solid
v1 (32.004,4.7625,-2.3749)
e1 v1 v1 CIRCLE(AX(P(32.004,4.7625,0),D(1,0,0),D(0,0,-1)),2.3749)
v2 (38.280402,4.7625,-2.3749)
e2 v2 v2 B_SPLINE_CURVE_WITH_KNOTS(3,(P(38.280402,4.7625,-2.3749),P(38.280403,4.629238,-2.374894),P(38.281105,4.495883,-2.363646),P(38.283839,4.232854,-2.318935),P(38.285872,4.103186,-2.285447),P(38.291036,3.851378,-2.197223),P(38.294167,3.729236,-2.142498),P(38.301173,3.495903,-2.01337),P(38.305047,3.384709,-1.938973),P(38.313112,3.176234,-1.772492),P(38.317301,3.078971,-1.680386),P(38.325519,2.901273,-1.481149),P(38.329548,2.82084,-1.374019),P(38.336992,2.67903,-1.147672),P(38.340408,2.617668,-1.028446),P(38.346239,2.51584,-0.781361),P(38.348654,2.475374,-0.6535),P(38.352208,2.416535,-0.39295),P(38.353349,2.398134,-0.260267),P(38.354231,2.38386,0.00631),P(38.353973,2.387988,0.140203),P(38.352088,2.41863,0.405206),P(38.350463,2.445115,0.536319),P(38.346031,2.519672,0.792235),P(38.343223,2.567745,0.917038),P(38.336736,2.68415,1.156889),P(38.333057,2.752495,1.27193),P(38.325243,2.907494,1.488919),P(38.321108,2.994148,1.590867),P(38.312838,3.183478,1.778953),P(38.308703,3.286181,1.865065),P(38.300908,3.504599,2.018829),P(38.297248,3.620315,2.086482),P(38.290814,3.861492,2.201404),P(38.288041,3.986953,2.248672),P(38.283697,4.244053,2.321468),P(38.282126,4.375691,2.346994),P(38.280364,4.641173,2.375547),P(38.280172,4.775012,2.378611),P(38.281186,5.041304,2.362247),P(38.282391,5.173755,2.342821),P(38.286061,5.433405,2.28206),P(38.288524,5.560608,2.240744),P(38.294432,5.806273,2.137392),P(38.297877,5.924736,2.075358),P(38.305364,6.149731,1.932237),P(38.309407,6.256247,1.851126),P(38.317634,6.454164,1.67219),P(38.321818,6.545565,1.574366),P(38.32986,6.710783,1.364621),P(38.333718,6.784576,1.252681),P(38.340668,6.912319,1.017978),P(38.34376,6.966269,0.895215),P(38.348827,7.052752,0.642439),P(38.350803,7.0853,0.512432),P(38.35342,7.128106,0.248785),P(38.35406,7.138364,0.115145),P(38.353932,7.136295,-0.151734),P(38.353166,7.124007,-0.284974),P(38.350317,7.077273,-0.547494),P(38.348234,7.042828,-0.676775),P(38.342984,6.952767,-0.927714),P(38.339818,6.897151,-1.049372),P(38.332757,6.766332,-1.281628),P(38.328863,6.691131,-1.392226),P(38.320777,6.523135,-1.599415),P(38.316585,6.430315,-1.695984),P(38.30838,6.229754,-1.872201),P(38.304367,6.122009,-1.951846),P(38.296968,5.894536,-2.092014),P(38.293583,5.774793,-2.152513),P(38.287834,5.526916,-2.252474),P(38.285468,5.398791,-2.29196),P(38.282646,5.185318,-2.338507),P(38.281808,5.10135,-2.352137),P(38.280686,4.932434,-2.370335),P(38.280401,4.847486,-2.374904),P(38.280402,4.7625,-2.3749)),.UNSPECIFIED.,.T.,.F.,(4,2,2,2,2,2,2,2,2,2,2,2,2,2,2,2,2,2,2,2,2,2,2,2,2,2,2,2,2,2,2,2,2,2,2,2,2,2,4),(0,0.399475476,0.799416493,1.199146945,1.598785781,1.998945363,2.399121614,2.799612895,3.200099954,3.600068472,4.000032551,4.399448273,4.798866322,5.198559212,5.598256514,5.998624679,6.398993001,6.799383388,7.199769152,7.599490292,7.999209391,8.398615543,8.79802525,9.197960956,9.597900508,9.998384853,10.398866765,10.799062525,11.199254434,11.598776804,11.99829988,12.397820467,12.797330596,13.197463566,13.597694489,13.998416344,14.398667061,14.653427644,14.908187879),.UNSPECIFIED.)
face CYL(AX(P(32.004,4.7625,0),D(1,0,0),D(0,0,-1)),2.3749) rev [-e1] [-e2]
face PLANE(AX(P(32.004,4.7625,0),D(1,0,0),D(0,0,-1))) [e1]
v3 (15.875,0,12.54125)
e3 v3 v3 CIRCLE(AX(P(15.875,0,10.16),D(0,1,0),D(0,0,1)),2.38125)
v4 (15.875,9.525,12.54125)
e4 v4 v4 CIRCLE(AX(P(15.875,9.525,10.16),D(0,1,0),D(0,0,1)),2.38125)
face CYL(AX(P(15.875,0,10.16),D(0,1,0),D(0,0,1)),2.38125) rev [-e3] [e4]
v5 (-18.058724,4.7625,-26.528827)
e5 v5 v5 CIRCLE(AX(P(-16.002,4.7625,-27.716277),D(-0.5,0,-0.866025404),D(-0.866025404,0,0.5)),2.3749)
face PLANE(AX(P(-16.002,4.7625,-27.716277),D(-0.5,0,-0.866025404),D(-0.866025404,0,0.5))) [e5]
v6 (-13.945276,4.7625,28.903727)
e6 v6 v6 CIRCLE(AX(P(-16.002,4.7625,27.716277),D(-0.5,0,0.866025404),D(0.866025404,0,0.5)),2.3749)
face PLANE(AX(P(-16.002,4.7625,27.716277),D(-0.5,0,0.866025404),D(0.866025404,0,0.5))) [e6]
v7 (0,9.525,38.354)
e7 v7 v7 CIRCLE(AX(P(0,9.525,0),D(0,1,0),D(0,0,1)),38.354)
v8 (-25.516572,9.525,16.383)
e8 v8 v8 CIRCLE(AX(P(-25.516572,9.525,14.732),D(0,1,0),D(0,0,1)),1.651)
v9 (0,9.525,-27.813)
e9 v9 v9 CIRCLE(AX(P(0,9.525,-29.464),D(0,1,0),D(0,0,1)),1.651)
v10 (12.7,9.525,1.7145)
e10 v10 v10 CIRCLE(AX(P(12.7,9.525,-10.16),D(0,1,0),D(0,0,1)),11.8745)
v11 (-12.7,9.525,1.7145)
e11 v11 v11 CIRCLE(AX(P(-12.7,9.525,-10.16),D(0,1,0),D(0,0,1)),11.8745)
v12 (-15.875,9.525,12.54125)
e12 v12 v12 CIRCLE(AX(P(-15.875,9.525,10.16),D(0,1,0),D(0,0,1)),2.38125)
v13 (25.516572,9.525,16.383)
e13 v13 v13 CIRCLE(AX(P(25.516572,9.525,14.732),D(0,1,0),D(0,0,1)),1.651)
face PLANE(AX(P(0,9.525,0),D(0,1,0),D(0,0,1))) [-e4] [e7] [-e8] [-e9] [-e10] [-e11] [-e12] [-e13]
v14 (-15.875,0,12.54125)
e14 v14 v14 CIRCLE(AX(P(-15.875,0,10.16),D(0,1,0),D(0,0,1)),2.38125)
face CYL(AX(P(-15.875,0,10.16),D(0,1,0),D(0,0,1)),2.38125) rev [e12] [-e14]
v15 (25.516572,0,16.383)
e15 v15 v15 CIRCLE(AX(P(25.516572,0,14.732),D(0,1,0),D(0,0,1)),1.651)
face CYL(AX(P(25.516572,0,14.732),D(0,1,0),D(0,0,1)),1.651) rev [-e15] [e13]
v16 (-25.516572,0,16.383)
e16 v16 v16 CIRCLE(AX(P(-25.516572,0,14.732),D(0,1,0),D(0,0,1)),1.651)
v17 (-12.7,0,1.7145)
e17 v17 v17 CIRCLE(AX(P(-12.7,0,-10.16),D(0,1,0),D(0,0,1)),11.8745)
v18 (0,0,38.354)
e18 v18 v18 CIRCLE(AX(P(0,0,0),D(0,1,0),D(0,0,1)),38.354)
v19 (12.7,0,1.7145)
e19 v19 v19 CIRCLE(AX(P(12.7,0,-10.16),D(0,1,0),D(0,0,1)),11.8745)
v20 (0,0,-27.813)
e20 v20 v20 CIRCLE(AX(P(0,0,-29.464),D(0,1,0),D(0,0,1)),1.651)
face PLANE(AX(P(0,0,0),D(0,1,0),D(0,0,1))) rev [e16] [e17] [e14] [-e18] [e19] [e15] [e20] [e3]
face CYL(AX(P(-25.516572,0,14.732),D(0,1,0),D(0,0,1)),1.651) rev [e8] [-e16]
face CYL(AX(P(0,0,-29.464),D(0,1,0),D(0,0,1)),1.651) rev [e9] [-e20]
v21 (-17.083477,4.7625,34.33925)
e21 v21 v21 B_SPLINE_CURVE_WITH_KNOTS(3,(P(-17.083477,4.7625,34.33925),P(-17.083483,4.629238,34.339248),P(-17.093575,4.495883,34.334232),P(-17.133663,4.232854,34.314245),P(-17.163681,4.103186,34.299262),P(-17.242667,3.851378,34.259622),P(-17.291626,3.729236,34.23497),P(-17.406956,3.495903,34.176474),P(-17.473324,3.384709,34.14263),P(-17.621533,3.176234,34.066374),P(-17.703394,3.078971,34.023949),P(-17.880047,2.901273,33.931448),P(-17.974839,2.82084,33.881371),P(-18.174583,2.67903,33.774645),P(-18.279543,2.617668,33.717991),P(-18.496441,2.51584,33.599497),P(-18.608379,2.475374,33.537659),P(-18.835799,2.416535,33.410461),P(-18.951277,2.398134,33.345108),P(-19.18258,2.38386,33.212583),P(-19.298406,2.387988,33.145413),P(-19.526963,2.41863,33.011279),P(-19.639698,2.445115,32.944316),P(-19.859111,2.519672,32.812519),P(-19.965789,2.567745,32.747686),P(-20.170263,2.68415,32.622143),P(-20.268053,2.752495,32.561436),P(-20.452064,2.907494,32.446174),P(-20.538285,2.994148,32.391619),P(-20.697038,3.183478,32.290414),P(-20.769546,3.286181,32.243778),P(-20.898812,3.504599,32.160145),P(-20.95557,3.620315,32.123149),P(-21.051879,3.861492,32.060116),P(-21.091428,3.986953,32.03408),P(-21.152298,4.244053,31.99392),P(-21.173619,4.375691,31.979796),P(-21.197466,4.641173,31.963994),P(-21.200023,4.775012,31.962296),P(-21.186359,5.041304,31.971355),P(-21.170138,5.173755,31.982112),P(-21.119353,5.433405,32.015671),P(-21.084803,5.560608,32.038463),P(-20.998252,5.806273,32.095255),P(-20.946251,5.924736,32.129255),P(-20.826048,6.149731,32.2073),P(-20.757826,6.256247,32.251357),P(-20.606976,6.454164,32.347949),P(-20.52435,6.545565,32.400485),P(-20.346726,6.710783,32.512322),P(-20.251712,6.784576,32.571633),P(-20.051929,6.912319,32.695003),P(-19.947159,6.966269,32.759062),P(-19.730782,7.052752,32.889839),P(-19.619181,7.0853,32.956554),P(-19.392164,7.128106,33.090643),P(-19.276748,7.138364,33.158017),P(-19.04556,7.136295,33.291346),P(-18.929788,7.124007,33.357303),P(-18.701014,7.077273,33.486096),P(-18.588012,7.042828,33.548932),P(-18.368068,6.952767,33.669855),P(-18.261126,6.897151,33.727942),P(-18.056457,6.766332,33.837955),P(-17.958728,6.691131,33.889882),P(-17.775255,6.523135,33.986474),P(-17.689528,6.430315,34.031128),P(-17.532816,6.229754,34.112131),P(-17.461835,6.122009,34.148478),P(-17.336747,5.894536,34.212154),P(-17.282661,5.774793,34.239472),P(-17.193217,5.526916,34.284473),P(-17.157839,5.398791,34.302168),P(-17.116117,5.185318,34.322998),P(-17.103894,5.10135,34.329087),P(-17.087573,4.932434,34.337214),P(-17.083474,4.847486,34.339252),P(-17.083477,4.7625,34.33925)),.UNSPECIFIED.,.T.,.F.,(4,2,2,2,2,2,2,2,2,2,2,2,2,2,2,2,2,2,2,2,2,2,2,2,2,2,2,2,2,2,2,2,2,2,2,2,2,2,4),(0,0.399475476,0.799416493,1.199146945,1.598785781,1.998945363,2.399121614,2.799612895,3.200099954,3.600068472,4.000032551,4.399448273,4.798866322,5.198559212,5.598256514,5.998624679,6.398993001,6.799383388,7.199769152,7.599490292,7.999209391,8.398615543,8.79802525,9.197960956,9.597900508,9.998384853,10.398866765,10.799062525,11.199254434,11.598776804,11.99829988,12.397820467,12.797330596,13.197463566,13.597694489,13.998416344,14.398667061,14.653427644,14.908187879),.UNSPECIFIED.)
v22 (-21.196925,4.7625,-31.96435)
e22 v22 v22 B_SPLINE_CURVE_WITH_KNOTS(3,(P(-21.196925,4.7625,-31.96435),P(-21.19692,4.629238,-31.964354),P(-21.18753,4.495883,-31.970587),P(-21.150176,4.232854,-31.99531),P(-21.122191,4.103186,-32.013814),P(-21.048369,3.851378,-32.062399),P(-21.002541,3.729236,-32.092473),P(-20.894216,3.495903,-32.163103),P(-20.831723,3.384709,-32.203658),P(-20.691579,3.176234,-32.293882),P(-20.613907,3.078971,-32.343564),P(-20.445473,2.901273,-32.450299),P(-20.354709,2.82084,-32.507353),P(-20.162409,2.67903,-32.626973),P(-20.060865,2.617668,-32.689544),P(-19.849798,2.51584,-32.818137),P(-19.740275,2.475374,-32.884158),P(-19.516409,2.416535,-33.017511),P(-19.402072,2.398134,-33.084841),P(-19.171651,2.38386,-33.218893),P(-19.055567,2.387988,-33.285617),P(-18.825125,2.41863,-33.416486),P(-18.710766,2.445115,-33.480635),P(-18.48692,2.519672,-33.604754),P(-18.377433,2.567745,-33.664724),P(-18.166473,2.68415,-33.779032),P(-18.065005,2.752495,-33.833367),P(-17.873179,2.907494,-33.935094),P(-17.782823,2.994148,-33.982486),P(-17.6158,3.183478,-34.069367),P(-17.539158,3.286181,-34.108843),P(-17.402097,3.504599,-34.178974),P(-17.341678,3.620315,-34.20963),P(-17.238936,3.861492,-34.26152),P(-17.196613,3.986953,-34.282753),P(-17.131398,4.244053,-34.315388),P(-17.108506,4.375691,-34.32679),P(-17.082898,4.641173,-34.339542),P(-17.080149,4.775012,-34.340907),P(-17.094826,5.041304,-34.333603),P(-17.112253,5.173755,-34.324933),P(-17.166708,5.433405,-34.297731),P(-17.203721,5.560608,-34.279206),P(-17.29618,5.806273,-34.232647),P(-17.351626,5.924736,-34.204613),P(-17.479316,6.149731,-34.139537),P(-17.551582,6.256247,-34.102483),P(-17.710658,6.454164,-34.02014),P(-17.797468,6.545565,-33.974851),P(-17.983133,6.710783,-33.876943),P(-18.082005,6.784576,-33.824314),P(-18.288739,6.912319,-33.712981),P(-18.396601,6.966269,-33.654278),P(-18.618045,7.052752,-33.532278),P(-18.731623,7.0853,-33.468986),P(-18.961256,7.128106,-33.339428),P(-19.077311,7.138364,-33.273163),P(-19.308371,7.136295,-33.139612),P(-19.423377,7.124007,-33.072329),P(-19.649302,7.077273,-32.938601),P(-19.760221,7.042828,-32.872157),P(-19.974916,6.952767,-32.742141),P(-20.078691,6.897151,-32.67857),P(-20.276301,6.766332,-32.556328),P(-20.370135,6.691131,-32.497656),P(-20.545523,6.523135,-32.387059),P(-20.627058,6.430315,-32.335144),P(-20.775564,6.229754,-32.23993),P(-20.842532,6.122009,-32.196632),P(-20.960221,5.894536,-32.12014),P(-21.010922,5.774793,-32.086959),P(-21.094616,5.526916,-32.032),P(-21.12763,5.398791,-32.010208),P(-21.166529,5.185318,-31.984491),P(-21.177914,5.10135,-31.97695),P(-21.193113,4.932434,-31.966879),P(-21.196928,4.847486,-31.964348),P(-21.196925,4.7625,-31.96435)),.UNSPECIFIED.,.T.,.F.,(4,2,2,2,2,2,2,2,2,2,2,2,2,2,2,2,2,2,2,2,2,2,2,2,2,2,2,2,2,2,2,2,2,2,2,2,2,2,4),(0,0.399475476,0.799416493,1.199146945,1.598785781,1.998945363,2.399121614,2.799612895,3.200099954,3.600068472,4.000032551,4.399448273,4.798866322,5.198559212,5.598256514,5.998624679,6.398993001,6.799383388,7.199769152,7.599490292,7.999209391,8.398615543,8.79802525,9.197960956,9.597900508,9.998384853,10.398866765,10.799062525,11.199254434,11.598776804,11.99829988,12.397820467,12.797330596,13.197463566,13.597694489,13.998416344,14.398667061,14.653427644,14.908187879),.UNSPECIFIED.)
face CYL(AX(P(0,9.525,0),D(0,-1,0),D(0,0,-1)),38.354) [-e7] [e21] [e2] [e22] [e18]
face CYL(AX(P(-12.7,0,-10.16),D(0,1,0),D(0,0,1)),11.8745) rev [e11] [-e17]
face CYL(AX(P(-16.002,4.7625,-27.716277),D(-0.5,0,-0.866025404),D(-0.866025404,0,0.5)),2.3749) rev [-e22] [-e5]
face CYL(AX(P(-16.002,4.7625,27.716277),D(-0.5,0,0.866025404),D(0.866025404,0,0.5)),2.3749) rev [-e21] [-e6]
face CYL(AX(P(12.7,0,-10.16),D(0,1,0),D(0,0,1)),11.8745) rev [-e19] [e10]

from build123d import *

# Parameters (mm, degrees)
SKETCH1_R               = 38.354
BOSS_EXTRUDE1_DEPTH     = 9.525
SKETCH2_R               = 1.651
SKETCH2_R_2             = 11.8745
CUT_EXTRUDE1_DEPTH      = 56.070720506
SKETCH4_R               = 2.3749
CUT_EXTRUDE2_DEPTH      = 6.35
CIRPATTERN1_COUNT       = 3
CUT_EXTRUDE3_DEPTH      = 56.070720662
CUT_EXTRUDE3_DEPTH_BACK = 56.070720662
SKETCH5_R               = 2.38125


with BuildPart() as part:
    # Sketch1 → Boss-Extrude1 (new body)
    with BuildSketch(Plane(origin=(0, 0, 0), x_dir=(1, 0, 0), z_dir=(0, 1, 0))):
        Circle(SKETCH1_R)
    extrude(amount=BOSS_EXTRUDE1_DEPTH)

    # Sketch2 → Cut-Extrude1 (cut, through all)
    with BuildSketch(Plane(origin=(0, 9.525, 0), x_dir=(1, 0, 0), z_dir=(0, 1, 0))):
        with Locations((0, 29.464)):
            Circle(SKETCH2_R)
        with Locations((25.516572497, -14.732)):
            Circle(SKETCH2_R)
        with Locations((-25.516572497, -14.732)):
            Circle(SKETCH2_R)
        with Locations((-12.7, 10.16)):
            Circle(SKETCH2_R_2)
        with Locations((12.7, 10.16)):
            Circle(SKETCH2_R_2)
    extrude(amount=-CUT_EXTRUDE1_DEPTH, mode=Mode.SUBTRACT)

    # Sketch4 → Cut-Extrude2 (cut)
    with BuildSketch(Plane(origin=(-19.177, 0, -33.215538337), x_dir=(0, -1, 0), z_dir=(-0.499999999999998, 0, -0.8660254037844398))):
        with Locations((-4.7625, 0)):
            Circle(SKETCH4_R)
    cut_extrude2 = extrude(amount=-CUT_EXTRUDE2_DEPTH, mode=Mode.SUBTRACT)

    # CirPattern1: Cut-Extrude2 ×3 about axis
    cirpattern1_axis = Axis((0, 10.00125, 0), (0, -1, 0))
    for i in range(1, CIRPATTERN1_COUNT):
        add(cut_extrude2.rotate(cirpattern1_axis, i * 360 / CIRPATTERN1_COUNT), mode=Mode.SUBTRACT)

    # Sketch5 → Cut-Extrude3 (cut, two sides: drawn at the far end of the back side and taken through both)
    with BuildSketch(Plane(origin=(0, 9.525, 0), x_dir=(1, 0, 0), z_dir=(0, 1, 0)).offset(-CUT_EXTRUDE3_DEPTH_BACK)):
        with Locations((-15.875, -10.16)):
            Circle(SKETCH5_R)
        with Locations((15.875, -10.16)):
            Circle(SKETCH5_R)
    extrude(amount=CUT_EXTRUDE3_DEPTH + CUT_EXTRUDE3_DEPTH_BACK, mode=Mode.SUBTRACT)


solid = part.part
